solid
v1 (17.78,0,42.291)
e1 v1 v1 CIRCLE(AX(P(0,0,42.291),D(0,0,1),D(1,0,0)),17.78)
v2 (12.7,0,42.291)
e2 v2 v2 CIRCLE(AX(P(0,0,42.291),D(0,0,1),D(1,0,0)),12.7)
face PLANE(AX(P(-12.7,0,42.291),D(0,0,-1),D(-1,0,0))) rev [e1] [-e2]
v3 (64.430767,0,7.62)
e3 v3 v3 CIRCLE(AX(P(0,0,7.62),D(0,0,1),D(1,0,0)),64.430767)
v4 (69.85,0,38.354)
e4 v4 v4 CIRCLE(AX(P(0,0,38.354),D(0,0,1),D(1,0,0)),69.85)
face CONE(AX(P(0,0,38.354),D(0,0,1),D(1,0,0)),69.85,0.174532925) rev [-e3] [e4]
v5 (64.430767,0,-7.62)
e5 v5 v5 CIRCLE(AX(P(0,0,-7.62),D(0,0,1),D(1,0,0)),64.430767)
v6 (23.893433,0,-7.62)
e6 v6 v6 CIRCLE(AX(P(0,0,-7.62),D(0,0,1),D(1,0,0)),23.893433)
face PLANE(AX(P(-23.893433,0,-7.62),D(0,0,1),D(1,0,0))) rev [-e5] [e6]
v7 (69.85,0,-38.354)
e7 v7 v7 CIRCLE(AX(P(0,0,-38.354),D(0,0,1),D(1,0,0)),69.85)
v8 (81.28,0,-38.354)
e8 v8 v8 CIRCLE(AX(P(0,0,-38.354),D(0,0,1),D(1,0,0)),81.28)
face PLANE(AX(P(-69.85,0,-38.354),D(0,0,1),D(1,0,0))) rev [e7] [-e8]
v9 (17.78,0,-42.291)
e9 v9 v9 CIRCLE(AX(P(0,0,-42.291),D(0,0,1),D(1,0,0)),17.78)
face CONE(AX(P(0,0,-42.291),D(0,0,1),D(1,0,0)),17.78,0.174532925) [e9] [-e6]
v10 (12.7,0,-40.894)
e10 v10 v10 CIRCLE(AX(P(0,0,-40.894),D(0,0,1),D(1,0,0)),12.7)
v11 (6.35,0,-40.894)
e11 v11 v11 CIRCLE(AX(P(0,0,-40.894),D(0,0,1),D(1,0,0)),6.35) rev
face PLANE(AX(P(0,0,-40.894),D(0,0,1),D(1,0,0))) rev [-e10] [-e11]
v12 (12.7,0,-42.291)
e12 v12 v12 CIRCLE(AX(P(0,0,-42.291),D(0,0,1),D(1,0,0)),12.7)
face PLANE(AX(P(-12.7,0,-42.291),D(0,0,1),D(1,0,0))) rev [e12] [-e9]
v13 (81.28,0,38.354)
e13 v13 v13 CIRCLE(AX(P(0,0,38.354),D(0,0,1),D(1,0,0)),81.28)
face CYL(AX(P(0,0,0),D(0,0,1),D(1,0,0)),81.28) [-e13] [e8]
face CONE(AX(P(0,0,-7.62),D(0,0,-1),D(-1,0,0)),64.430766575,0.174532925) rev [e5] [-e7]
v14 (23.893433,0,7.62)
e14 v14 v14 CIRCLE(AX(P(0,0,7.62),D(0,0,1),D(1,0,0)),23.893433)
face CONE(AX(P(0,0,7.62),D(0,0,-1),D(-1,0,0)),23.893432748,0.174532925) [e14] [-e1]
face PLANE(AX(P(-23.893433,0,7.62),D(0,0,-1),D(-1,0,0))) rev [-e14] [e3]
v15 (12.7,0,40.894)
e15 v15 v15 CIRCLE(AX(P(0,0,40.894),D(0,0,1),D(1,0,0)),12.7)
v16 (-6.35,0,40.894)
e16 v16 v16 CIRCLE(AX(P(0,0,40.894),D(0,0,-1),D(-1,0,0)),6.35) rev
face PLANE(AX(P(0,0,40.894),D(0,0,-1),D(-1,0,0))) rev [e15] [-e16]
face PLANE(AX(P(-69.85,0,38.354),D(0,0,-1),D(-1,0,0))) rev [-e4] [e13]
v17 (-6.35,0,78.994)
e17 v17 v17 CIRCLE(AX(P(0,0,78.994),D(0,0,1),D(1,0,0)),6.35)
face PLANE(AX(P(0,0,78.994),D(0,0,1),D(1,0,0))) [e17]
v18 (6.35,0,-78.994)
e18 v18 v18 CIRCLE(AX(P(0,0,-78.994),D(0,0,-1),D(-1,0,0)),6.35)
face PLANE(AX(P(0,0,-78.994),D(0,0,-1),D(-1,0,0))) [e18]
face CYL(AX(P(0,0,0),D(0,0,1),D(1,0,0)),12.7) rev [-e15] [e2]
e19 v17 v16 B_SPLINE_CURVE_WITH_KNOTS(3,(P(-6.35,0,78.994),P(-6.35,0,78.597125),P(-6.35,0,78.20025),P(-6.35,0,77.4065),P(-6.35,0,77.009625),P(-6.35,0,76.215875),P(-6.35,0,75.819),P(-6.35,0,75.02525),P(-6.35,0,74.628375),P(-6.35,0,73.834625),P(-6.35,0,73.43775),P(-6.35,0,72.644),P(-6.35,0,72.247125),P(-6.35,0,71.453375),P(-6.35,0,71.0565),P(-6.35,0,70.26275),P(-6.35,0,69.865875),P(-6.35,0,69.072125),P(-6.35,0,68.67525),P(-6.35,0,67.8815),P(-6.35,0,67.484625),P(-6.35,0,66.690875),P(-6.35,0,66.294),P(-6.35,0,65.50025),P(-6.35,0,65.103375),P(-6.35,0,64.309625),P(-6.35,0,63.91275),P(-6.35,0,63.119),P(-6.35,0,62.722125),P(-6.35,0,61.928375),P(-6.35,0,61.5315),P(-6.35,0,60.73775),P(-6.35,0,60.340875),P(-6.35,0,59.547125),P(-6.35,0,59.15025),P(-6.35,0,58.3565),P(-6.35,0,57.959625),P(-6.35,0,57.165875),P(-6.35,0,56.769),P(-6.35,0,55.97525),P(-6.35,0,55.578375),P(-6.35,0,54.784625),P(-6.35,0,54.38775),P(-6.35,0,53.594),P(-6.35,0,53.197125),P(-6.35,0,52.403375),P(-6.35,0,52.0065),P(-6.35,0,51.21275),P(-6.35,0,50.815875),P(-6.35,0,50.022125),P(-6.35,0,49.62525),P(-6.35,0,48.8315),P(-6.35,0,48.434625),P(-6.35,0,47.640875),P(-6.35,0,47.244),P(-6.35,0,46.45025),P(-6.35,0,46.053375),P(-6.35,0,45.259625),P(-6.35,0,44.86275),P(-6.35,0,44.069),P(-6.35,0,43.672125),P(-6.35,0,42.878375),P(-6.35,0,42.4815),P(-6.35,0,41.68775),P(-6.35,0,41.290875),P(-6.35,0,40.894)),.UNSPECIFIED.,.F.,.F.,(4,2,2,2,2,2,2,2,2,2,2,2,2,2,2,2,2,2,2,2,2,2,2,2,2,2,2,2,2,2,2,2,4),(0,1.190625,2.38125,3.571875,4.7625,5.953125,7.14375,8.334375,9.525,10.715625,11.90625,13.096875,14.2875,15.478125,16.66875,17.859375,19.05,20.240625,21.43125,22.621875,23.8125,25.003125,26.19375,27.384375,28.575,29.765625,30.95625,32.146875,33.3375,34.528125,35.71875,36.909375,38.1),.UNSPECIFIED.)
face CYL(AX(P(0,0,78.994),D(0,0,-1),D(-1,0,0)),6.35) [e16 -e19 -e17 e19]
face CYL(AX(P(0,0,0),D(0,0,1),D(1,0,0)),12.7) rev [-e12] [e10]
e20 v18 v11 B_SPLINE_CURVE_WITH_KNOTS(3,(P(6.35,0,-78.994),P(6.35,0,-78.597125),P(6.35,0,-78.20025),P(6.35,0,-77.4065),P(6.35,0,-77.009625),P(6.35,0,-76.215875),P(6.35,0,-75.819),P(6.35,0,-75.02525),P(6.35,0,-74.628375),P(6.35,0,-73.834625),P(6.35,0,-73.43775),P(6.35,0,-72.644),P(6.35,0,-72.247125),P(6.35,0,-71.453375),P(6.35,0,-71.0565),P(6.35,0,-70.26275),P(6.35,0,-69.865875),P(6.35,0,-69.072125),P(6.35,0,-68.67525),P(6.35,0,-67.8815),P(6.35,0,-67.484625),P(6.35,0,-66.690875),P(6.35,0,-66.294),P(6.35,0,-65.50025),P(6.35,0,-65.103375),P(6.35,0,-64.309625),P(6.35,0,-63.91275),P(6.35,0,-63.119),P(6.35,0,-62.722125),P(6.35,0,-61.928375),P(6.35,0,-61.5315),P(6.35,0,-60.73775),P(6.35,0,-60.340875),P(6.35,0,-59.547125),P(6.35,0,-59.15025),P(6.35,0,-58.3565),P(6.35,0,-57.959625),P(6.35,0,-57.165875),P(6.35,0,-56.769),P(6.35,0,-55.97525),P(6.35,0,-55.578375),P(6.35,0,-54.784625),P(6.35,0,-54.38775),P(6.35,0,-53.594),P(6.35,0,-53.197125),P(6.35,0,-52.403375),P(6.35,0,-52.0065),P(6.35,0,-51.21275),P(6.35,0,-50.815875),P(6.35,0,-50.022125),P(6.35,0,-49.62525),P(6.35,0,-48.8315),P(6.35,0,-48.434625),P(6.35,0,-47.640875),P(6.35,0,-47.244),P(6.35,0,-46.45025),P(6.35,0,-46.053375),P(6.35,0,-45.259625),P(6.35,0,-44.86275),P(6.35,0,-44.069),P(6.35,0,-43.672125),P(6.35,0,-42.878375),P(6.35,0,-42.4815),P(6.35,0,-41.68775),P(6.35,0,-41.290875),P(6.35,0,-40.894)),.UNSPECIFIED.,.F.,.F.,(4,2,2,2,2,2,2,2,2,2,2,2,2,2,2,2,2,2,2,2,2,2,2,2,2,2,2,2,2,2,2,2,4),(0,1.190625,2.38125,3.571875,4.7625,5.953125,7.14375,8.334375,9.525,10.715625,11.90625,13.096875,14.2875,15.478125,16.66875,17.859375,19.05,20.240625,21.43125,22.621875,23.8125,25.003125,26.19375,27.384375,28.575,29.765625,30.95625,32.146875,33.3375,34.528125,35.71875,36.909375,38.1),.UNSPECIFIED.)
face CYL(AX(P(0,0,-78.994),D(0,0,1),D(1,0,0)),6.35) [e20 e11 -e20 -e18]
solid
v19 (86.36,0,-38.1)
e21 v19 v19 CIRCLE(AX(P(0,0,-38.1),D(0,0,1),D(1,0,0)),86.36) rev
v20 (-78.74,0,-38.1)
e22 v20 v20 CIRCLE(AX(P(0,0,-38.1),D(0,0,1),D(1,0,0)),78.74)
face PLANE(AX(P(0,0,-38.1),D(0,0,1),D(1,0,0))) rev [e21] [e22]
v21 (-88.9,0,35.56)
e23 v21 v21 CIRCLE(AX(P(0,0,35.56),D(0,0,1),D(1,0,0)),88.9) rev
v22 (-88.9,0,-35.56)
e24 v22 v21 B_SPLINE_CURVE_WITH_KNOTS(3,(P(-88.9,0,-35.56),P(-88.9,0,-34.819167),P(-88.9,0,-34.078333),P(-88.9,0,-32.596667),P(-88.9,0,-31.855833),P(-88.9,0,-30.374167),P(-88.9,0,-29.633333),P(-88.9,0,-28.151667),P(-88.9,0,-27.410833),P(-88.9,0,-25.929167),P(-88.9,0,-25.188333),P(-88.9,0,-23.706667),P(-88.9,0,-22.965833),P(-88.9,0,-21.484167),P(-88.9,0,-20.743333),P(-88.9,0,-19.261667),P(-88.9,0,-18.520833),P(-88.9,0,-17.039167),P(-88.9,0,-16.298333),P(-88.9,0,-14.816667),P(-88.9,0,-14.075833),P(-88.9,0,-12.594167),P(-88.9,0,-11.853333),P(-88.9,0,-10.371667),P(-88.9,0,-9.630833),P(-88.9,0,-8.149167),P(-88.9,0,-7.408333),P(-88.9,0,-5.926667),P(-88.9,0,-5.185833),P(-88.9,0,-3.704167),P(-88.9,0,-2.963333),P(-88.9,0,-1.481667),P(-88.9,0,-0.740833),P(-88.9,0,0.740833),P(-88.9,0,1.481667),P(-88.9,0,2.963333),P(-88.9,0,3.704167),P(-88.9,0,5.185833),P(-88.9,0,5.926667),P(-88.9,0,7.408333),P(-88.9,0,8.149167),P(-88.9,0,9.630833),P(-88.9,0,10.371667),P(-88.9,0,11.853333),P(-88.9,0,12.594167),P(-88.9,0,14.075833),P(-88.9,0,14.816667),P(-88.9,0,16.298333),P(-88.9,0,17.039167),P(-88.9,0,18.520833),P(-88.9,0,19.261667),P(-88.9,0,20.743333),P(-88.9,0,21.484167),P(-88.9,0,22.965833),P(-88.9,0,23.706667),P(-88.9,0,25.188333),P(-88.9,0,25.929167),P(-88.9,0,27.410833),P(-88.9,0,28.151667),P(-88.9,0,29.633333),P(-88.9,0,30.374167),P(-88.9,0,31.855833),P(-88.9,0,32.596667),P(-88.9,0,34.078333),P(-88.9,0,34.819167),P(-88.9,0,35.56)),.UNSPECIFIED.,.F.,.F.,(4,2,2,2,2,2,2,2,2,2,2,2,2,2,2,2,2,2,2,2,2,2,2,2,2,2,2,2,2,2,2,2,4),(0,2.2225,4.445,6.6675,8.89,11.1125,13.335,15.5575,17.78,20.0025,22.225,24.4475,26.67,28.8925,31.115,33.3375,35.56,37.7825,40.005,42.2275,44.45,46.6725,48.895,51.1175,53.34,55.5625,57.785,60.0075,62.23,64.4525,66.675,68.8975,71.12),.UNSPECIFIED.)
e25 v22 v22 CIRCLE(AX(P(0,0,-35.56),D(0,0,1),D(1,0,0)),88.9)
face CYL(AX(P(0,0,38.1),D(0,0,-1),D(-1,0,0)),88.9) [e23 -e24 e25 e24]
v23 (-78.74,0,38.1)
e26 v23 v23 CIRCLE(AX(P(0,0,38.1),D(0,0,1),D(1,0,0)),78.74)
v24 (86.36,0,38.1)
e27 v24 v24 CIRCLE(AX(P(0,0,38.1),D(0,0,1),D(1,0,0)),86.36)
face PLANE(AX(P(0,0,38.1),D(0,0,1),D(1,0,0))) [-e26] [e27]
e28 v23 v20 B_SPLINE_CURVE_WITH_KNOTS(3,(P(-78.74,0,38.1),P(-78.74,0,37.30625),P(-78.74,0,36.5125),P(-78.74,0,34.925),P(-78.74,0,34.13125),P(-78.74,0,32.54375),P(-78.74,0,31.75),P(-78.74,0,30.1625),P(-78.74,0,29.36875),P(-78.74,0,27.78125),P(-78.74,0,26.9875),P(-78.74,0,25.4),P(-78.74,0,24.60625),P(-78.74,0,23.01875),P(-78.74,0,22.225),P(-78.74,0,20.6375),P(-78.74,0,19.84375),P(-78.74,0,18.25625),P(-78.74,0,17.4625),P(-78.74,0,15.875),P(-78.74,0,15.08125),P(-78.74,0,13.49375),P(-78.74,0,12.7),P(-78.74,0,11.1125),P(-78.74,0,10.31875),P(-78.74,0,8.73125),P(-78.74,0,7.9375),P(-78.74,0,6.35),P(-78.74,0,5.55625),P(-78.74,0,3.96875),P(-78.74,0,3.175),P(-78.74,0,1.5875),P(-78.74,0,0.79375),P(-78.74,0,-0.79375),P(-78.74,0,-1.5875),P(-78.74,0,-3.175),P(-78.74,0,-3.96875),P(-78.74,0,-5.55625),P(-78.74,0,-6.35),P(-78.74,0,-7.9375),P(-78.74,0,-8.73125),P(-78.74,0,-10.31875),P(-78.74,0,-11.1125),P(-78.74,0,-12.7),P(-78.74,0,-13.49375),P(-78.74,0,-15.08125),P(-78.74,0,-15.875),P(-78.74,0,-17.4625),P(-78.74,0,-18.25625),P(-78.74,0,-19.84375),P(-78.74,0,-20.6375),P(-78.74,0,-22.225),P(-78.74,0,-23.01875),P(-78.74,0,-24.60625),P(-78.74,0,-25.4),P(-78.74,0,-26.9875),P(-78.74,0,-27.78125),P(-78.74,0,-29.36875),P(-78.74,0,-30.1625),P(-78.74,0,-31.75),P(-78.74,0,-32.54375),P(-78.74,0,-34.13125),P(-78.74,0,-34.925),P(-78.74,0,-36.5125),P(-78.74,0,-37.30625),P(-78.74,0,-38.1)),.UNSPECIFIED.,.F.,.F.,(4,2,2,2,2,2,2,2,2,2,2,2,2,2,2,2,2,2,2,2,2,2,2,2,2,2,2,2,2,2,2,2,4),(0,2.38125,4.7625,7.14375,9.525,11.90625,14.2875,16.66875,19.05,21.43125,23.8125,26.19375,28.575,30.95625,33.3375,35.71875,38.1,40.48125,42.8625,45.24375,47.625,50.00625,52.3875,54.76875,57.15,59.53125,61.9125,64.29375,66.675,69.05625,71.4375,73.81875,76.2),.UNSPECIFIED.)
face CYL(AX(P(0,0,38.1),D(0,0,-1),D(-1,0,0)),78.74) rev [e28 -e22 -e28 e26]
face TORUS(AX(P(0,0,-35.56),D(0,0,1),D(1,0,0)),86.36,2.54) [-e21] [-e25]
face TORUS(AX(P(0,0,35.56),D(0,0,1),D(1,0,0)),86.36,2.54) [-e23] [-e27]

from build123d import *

# Parameters (mm, degrees)
SKETCH1_R           = 88.9
SKETCH1_R_2         = 78.74
BOSS_EXTRUDE1_DEPTH = 38.1
FILLET1_R           = 2.54
SKETCH8_R           = 6.35
BOSS_EXTRUDE2_DEPTH = 38.1
SKETCH11_R          = 6.35
BOSS_EXTRUDE3_DEPTH = 38.1


with BuildPart() as part:
    # Sketch1 → Boss-Extrude1 (new, symmetric)
    with BuildSketch(Plane.XY):
        with Locations(Location((0, 0, 0), (0, 0, 180))):
            Circle(SKETCH1_R)
        with Locations(Location((0, 0, 0), (0, 0, 180))):
            Circle(SKETCH1_R_2, mode=Mode.SUBTRACT)
    extrude(amount=BOSS_EXTRUDE1_DEPTH, both=True)

    # Fillet1
    fillet1_edges = [part.edges().sort_by_distance(p)[0] for p in [
        (88.9, 0, -38.1),
        (88.9, 0, 38.1),
    ]]
    fillet(fillet1_edges, radius=FILLET1_R)


with BuildPart() as body_2:
    # Sketch3 → Revolve1 (revolve)
    with BuildSketch(Plane(origin=(0, 0, 0), x_dir=(1, 0, 0), z_dir=(0, 1, 0)), mode=Mode.PRIVATE) as revolve1_sk:
        Polygon((0, 40.894), (0, -40.894), (-12.7, -40.894), (-12.7, -42.291), (-17.78, -42.291), (-23.893432748, -7.62), (-64.430766575, -7.62), (-69.85, -38.354), (-81.28, -38.354), (-81.28, 38.354), (-69.85, 38.354), (-64.430766575, 7.62), (-23.893432748, 7.62), (-17.78, 42.291), (-12.7, 42.291), (-12.7, 40.894), align=None)
    revolve(revolve1_sk.sketch.rotate(Axis((0, 0, 0), (0, 0, -1)), 180), axis=Axis((0, 0, 0), (0, 0, -1)))

    # Sketch8 → Boss-Extrude2 (add)
    with BuildSketch(Plane.XY.offset(40.894)):
        with Locations(Location((0, 0, 0), (0, 0, 180))):
            Circle(SKETCH8_R)
    extrude(amount=BOSS_EXTRUDE2_DEPTH)

    # Sketch11 → Boss-Extrude3 (add)
    with BuildSketch(Plane(origin=(0, 0, -40.894), x_dir=(-1, 0, 0), z_dir=(0, 0, -1))):
        Circle(SKETCH11_R)
    extrude(amount=BOSS_EXTRUDE3_DEPTH)


solid = Compound([part.part, body_2.part])
